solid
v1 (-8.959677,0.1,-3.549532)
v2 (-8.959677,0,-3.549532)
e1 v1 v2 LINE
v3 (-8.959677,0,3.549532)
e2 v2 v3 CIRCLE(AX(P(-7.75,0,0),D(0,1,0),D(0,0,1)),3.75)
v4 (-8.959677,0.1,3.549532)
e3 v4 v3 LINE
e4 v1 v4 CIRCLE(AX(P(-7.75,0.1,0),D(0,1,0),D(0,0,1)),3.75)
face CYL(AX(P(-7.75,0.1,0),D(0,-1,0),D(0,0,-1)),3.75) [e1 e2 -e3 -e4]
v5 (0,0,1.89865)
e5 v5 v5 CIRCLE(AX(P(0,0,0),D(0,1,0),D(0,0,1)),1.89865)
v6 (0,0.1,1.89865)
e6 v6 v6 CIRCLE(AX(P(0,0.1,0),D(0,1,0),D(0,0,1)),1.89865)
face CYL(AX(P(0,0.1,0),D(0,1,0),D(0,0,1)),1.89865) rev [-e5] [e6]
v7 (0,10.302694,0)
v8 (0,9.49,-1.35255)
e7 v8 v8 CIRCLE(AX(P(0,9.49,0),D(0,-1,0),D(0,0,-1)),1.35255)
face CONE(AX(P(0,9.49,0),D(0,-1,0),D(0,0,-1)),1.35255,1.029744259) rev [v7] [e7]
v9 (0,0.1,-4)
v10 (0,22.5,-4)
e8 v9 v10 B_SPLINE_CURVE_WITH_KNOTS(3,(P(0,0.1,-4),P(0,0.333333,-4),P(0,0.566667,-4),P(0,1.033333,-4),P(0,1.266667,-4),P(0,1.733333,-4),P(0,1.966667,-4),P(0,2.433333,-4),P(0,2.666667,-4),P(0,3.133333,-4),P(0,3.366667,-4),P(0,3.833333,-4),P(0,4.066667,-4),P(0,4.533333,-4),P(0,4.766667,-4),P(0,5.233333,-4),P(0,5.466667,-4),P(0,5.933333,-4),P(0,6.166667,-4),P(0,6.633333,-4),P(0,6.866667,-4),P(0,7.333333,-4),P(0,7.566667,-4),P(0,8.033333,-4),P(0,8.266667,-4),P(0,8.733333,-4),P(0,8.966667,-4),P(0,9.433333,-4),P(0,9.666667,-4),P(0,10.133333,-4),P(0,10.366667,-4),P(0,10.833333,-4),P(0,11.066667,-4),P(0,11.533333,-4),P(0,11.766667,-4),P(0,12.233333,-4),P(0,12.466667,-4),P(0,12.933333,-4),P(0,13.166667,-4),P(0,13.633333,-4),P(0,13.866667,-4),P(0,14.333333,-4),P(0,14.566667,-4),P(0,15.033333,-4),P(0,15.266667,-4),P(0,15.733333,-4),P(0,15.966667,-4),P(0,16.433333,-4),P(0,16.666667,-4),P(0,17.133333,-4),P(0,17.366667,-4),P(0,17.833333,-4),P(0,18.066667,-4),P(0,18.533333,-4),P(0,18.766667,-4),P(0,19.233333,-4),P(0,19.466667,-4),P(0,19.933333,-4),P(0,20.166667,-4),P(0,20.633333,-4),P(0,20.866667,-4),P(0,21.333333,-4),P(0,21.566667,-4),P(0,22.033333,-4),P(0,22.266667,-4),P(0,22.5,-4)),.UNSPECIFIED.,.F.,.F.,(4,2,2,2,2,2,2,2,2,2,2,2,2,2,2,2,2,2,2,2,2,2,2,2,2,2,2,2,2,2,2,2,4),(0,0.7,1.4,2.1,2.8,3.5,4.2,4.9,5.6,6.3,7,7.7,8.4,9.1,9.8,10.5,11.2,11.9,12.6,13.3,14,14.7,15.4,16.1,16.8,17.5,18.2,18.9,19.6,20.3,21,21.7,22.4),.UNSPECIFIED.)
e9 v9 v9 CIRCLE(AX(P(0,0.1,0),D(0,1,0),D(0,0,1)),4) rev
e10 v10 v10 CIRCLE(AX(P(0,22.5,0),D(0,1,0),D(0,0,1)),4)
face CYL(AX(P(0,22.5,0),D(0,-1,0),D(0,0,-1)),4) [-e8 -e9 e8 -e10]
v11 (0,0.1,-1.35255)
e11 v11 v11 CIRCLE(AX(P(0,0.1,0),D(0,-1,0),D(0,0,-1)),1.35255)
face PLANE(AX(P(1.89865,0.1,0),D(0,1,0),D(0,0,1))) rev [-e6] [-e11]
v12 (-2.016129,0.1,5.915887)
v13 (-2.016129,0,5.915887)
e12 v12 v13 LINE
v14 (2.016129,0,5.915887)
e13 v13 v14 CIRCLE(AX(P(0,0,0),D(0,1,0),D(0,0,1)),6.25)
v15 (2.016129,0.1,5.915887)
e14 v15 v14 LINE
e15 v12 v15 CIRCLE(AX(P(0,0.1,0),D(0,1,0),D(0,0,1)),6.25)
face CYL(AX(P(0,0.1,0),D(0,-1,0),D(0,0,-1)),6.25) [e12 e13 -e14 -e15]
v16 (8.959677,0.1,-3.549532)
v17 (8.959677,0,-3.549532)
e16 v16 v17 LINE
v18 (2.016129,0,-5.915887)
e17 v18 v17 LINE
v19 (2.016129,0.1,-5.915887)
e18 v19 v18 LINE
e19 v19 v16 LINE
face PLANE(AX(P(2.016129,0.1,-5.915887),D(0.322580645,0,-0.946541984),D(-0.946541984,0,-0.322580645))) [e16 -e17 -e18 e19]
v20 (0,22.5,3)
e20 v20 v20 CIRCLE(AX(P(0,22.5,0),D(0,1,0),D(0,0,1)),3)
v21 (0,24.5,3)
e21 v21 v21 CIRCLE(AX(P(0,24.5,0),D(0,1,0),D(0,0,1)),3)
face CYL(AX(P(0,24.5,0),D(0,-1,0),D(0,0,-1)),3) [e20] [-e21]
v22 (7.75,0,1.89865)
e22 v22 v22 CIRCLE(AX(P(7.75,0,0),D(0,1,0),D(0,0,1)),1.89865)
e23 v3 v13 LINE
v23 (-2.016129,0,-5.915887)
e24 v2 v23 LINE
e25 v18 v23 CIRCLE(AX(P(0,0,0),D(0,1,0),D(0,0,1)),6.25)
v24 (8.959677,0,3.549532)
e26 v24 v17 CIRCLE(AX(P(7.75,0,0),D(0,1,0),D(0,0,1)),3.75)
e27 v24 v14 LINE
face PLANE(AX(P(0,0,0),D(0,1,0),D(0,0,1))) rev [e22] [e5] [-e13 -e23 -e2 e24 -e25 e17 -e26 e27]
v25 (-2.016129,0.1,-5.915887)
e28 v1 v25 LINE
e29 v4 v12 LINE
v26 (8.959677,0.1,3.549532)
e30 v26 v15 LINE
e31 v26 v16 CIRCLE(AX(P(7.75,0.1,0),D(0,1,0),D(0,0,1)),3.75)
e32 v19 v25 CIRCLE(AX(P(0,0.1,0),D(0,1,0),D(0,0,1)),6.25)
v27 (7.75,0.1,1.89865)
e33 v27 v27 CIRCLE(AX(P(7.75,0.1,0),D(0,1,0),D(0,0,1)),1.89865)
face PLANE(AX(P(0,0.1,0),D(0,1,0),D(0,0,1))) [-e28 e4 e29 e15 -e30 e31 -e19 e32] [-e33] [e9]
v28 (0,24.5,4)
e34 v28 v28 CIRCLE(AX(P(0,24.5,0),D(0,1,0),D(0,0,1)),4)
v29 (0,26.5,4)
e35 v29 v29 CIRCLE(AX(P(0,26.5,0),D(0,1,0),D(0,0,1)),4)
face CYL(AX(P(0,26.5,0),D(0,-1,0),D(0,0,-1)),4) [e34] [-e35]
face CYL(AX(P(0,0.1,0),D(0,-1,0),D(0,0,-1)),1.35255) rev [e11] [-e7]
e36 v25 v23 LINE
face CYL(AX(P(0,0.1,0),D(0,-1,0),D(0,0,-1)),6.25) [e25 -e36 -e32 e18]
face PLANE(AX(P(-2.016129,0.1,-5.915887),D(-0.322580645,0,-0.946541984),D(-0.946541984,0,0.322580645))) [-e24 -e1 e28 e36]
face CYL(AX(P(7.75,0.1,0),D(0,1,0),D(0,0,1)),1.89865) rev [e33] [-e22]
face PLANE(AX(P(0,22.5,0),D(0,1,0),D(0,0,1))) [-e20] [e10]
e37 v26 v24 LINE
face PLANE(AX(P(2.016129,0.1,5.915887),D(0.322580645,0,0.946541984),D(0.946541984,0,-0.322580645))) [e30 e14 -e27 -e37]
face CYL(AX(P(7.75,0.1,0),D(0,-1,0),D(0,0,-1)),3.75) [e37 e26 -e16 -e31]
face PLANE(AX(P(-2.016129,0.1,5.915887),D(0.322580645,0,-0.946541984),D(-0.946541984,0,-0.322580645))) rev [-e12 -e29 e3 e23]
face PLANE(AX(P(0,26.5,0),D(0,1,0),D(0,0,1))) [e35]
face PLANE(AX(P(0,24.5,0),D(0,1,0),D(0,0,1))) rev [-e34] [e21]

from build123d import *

# Parameters (mm, degrees)
SKETCH1_R                      = 6.25
SKETCH1_R_2                    = 3.75
SKETCH1_R_3                    = 2.5
BOSS_EXTRUDE1_DEPTH            = 0.1
SKETCH2_R                      = 4
BOSS_EXTRUDE2_DEPTH            = 22.5
SKETCH3_R                      = 3
BOSS_EXTRUDE3_DEPTH            = 2
SKETCH4_R                      = 4
BOSS_EXTRUDE4_DEPTH            = 2
SKETCH6_W                      = 1.89865
SKETCH6_H                      = 0.1
F_6_CLEARANCE_HOLE1_AT_2_COUNT = 2
F_6_CLEARANCE_HOLE1_AT_2_PITCH = 7.75
F_6_32_TAPPED_HOLE2_D          = 2.7051
F_6_32_TAPPED_HOLE2_DEPTH      = 9.39
F_6_32_TAPPED_HOLE2_TIP        = 0.81269403


with BuildPart() as part:
    # Sketch1 → Boss-Extrude1 (new body)
    # profile 1 of 15: a face of its own
    with BuildSketch(Plane(origin=(0, 0, 0), x_dir=(1, 0, 0), z_dir=(0, 1, 0))):
        Circle(SKETCH1_R)
    # profile 2 of 15: a face of its own
    with BuildSketch(Plane(origin=(0, 0, 0), x_dir=(1, 0, 0), z_dir=(0, 1, 0))):
        with Locations((-7.75, 0)):
            Circle(SKETCH1_R_2)
        with Locations((-7.75, 0)):
            Circle(SKETCH1_R_3, mode=Mode.SUBTRACT)
    # profile 3 of 15: a face of its own
    with BuildSketch(Plane(origin=(0, 0, 0), x_dir=(1, 0, 0), z_dir=(0, 1, 0))):
        Circle(SKETCH1_R)
    # profile 4 of 15: a face of its own
    with BuildSketch(Plane(origin=(0, 0, 0), x_dir=(1, 0, 0), z_dir=(0, 1, 0))):
        with Locations((-7.75, 0)):
            Circle(SKETCH1_R_2)
        with Locations((-7.75, 0)):
            Circle(SKETCH1_R_3, mode=Mode.SUBTRACT)
    # profile 5 of 15: a face of its own
    with BuildSketch(Plane(origin=(0, 0, 0), x_dir=(1, 0, 0), z_dir=(0, 1, 0))):
        with Locations((7.75, 0)):
            Circle(SKETCH1_R_2)
    # profile 6 of 15: a face of its own
    with BuildSketch(Plane(origin=(0, 0, 0), x_dir=(1, 0, 0), z_dir=(0, 1, 0))):
        Circle(SKETCH1_R)
    # profile 7 of 15: a face of its own
    with BuildSketch(Plane(origin=(0, 0, 0), x_dir=(1, 0, 0), z_dir=(0, 1, 0))):
        with Locations((-7.75, 0)):
            Circle(SKETCH1_R_2)
    # profile 8 of 15: a face of its own
    with BuildSketch(Plane(origin=(0, 0, 0), x_dir=(1, 0, 0), z_dir=(0, 1, 0))):
        with BuildLine():
            ThreePointArc((-5.487903226, -2.990889196), (-7.15425073, -3.702375293), (-8.959677419, -3.54953244))
            Line((-8.959677419, -3.54953244), (-2.016129032, -5.9158874))
            ThreePointArc((-2.016129032, -5.9158874), (-4.026975125, -4.77974595), (-5.487903226, -2.990889196))
        make_face()
    # profile 9 of 15: a face of its own
    with BuildSketch(Plane(origin=(0, 0, 0), x_dir=(1, 0, 0), z_dir=(0, 1, 0))):
        with BuildLine():
            ThreePointArc((5.487903226, -2.990889196), (4.026975125, -4.77974595), (2.016129032, -5.9158874))
            Line((2.016129032, -5.9158874), (8.959677419, -3.54953244))
            ThreePointArc((8.959677419, -3.54953244), (7.15425073, -3.702375293), (5.487903226, -2.990889196))
        make_face()
    # profile 10 of 15: a face of its own
    with BuildSketch(Plane(origin=(0, 0, 0), x_dir=(1, 0, 0), z_dir=(0, 1, 0))):
        Circle(SKETCH1_R)
    # profile 11 of 15: a face of its own
    with BuildSketch(Plane(origin=(0, 0, 0), x_dir=(1, 0, 0), z_dir=(0, 1, 0))):
        with Locations((7.75, 0)):
            Circle(SKETCH1_R_2)
        with Locations((7.75, 0)):
            Circle(SKETCH1_R_3, mode=Mode.SUBTRACT)
    # profile 12 of 15: a face of its own
    with BuildSketch(Plane(origin=(0, 0, 0), x_dir=(1, 0, 0), z_dir=(0, 1, 0))):
        with Locations((7.75, 0)):
            Circle(SKETCH1_R_2)
        with Locations((7.75, 0)):
            Circle(SKETCH1_R_3, mode=Mode.SUBTRACT)
    # profile 13 of 15: a face of its own
    with BuildSketch(Plane(origin=(0, 0, 0), x_dir=(1, 0, 0), z_dir=(0, 1, 0))):
        Circle(SKETCH1_R)
    # profile 14 of 15: a face of its own
    with BuildSketch(Plane(origin=(0, 0, 0), x_dir=(1, 0, 0), z_dir=(0, 1, 0))):
        with BuildLine():
            Line((8.959677419, 3.54953244), (2.016129032, 5.9158874))
            ThreePointArc((2.016129032, 5.9158874), (4.026975125, 4.77974595), (5.487903226, 2.990889196))
            ThreePointArc((5.487903226, 2.990889196), (7.15425073, 3.702375293), (8.959677419, 3.54953244))
        make_face()
    # profile 15 of 15: a face of its own
    with BuildSketch(Plane(origin=(0, 0, 0), x_dir=(1, 0, 0), z_dir=(0, 1, 0))):
        with BuildLine():
            Line((-2.016129032, 5.9158874), (-8.959677419, 3.54953244))
            ThreePointArc((-8.959677419, 3.54953244), (-7.15425073, 3.702375293), (-5.487903226, 2.990889196))
            ThreePointArc((-5.487903226, 2.990889196), (-4.026975125, 4.77974595), (-2.016129032, 5.9158874))
        make_face()
    extrude(amount=BOSS_EXTRUDE1_DEPTH)

    # Sketch2 → Boss-Extrude2 (add)
    with BuildSketch(Plane(origin=(0, 0, 0), x_dir=(1, 0, 0), z_dir=(0, 1, 0))):
        with Locations(Location((0, 0, 0), (0, 0, 90))):
            Circle(SKETCH2_R)
    extrude(amount=BOSS_EXTRUDE2_DEPTH)

    # Sketch3 → Boss-Extrude3 (add)
    with BuildSketch(Plane(origin=(0, 22.5, 0), x_dir=(1, 0, 0), z_dir=(0, 1, 0))):
        with Locations(Location((0, 0, 0), (0, 0, 270))):
            Circle(SKETCH3_R)
    extrude(amount=BOSS_EXTRUDE3_DEPTH)

    # Sketch4 → Boss-Extrude4 (add)
    with BuildSketch(Plane(origin=(0, 24.5, 0), x_dir=(1, 0, 0), z_dir=(0, 1, 0))):
        with Locations(Location((0, 0, 0), (0, 0, 90))):
            Circle(SKETCH4_R)
    extrude(amount=BOSS_EXTRUDE4_DEPTH)

    # Sketch6 → #6 Clearance Hole1 (revolve, cut)
    with BuildSketch(Plane(origin=(7.75, 0.1, 0), x_dir=(0, 0, 1), z_dir=(1, 0, 0))):
        with Locations((0.949325, 0.05)):
            Rectangle(SKETCH6_W, SKETCH6_H)
    f_6_clearance_hole1 = revolve(axis=Axis((7.75, 6.45, 0), (0, -1, 0)), mode=Mode.SUBTRACT)

    # #6 Clearance Hole1 at 2: #6 Clearance Hole1 ×2
    with Locations(*[(-i * F_6_CLEARANCE_HOLE1_AT_2_PITCH, 0, 0) for i in range(1, F_6_CLEARANCE_HOLE1_AT_2_COUNT)]):
        add(f_6_clearance_hole1, mode=Mode.SUBTRACT)

    # #6-32 Tapped Hole2
    with Locations(Plane(origin=(0, 0.1, 0), x_dir=(-1, 0, 0), z_dir=(0, -1, 0))):
        with Locations((0, 0)):
            Hole(F_6_32_TAPPED_HOLE2_D / 2, depth=F_6_32_TAPPED_HOLE2_DEPTH)
            with Locations((0, 0, -(F_6_32_TAPPED_HOLE2_DEPTH + F_6_32_TAPPED_HOLE2_TIP / 2))):  # 118° drill point
                Cone(0, F_6_32_TAPPED_HOLE2_D / 2, F_6_32_TAPPED_HOLE2_TIP, mode=Mode.SUBTRACT)


solid = part.part
